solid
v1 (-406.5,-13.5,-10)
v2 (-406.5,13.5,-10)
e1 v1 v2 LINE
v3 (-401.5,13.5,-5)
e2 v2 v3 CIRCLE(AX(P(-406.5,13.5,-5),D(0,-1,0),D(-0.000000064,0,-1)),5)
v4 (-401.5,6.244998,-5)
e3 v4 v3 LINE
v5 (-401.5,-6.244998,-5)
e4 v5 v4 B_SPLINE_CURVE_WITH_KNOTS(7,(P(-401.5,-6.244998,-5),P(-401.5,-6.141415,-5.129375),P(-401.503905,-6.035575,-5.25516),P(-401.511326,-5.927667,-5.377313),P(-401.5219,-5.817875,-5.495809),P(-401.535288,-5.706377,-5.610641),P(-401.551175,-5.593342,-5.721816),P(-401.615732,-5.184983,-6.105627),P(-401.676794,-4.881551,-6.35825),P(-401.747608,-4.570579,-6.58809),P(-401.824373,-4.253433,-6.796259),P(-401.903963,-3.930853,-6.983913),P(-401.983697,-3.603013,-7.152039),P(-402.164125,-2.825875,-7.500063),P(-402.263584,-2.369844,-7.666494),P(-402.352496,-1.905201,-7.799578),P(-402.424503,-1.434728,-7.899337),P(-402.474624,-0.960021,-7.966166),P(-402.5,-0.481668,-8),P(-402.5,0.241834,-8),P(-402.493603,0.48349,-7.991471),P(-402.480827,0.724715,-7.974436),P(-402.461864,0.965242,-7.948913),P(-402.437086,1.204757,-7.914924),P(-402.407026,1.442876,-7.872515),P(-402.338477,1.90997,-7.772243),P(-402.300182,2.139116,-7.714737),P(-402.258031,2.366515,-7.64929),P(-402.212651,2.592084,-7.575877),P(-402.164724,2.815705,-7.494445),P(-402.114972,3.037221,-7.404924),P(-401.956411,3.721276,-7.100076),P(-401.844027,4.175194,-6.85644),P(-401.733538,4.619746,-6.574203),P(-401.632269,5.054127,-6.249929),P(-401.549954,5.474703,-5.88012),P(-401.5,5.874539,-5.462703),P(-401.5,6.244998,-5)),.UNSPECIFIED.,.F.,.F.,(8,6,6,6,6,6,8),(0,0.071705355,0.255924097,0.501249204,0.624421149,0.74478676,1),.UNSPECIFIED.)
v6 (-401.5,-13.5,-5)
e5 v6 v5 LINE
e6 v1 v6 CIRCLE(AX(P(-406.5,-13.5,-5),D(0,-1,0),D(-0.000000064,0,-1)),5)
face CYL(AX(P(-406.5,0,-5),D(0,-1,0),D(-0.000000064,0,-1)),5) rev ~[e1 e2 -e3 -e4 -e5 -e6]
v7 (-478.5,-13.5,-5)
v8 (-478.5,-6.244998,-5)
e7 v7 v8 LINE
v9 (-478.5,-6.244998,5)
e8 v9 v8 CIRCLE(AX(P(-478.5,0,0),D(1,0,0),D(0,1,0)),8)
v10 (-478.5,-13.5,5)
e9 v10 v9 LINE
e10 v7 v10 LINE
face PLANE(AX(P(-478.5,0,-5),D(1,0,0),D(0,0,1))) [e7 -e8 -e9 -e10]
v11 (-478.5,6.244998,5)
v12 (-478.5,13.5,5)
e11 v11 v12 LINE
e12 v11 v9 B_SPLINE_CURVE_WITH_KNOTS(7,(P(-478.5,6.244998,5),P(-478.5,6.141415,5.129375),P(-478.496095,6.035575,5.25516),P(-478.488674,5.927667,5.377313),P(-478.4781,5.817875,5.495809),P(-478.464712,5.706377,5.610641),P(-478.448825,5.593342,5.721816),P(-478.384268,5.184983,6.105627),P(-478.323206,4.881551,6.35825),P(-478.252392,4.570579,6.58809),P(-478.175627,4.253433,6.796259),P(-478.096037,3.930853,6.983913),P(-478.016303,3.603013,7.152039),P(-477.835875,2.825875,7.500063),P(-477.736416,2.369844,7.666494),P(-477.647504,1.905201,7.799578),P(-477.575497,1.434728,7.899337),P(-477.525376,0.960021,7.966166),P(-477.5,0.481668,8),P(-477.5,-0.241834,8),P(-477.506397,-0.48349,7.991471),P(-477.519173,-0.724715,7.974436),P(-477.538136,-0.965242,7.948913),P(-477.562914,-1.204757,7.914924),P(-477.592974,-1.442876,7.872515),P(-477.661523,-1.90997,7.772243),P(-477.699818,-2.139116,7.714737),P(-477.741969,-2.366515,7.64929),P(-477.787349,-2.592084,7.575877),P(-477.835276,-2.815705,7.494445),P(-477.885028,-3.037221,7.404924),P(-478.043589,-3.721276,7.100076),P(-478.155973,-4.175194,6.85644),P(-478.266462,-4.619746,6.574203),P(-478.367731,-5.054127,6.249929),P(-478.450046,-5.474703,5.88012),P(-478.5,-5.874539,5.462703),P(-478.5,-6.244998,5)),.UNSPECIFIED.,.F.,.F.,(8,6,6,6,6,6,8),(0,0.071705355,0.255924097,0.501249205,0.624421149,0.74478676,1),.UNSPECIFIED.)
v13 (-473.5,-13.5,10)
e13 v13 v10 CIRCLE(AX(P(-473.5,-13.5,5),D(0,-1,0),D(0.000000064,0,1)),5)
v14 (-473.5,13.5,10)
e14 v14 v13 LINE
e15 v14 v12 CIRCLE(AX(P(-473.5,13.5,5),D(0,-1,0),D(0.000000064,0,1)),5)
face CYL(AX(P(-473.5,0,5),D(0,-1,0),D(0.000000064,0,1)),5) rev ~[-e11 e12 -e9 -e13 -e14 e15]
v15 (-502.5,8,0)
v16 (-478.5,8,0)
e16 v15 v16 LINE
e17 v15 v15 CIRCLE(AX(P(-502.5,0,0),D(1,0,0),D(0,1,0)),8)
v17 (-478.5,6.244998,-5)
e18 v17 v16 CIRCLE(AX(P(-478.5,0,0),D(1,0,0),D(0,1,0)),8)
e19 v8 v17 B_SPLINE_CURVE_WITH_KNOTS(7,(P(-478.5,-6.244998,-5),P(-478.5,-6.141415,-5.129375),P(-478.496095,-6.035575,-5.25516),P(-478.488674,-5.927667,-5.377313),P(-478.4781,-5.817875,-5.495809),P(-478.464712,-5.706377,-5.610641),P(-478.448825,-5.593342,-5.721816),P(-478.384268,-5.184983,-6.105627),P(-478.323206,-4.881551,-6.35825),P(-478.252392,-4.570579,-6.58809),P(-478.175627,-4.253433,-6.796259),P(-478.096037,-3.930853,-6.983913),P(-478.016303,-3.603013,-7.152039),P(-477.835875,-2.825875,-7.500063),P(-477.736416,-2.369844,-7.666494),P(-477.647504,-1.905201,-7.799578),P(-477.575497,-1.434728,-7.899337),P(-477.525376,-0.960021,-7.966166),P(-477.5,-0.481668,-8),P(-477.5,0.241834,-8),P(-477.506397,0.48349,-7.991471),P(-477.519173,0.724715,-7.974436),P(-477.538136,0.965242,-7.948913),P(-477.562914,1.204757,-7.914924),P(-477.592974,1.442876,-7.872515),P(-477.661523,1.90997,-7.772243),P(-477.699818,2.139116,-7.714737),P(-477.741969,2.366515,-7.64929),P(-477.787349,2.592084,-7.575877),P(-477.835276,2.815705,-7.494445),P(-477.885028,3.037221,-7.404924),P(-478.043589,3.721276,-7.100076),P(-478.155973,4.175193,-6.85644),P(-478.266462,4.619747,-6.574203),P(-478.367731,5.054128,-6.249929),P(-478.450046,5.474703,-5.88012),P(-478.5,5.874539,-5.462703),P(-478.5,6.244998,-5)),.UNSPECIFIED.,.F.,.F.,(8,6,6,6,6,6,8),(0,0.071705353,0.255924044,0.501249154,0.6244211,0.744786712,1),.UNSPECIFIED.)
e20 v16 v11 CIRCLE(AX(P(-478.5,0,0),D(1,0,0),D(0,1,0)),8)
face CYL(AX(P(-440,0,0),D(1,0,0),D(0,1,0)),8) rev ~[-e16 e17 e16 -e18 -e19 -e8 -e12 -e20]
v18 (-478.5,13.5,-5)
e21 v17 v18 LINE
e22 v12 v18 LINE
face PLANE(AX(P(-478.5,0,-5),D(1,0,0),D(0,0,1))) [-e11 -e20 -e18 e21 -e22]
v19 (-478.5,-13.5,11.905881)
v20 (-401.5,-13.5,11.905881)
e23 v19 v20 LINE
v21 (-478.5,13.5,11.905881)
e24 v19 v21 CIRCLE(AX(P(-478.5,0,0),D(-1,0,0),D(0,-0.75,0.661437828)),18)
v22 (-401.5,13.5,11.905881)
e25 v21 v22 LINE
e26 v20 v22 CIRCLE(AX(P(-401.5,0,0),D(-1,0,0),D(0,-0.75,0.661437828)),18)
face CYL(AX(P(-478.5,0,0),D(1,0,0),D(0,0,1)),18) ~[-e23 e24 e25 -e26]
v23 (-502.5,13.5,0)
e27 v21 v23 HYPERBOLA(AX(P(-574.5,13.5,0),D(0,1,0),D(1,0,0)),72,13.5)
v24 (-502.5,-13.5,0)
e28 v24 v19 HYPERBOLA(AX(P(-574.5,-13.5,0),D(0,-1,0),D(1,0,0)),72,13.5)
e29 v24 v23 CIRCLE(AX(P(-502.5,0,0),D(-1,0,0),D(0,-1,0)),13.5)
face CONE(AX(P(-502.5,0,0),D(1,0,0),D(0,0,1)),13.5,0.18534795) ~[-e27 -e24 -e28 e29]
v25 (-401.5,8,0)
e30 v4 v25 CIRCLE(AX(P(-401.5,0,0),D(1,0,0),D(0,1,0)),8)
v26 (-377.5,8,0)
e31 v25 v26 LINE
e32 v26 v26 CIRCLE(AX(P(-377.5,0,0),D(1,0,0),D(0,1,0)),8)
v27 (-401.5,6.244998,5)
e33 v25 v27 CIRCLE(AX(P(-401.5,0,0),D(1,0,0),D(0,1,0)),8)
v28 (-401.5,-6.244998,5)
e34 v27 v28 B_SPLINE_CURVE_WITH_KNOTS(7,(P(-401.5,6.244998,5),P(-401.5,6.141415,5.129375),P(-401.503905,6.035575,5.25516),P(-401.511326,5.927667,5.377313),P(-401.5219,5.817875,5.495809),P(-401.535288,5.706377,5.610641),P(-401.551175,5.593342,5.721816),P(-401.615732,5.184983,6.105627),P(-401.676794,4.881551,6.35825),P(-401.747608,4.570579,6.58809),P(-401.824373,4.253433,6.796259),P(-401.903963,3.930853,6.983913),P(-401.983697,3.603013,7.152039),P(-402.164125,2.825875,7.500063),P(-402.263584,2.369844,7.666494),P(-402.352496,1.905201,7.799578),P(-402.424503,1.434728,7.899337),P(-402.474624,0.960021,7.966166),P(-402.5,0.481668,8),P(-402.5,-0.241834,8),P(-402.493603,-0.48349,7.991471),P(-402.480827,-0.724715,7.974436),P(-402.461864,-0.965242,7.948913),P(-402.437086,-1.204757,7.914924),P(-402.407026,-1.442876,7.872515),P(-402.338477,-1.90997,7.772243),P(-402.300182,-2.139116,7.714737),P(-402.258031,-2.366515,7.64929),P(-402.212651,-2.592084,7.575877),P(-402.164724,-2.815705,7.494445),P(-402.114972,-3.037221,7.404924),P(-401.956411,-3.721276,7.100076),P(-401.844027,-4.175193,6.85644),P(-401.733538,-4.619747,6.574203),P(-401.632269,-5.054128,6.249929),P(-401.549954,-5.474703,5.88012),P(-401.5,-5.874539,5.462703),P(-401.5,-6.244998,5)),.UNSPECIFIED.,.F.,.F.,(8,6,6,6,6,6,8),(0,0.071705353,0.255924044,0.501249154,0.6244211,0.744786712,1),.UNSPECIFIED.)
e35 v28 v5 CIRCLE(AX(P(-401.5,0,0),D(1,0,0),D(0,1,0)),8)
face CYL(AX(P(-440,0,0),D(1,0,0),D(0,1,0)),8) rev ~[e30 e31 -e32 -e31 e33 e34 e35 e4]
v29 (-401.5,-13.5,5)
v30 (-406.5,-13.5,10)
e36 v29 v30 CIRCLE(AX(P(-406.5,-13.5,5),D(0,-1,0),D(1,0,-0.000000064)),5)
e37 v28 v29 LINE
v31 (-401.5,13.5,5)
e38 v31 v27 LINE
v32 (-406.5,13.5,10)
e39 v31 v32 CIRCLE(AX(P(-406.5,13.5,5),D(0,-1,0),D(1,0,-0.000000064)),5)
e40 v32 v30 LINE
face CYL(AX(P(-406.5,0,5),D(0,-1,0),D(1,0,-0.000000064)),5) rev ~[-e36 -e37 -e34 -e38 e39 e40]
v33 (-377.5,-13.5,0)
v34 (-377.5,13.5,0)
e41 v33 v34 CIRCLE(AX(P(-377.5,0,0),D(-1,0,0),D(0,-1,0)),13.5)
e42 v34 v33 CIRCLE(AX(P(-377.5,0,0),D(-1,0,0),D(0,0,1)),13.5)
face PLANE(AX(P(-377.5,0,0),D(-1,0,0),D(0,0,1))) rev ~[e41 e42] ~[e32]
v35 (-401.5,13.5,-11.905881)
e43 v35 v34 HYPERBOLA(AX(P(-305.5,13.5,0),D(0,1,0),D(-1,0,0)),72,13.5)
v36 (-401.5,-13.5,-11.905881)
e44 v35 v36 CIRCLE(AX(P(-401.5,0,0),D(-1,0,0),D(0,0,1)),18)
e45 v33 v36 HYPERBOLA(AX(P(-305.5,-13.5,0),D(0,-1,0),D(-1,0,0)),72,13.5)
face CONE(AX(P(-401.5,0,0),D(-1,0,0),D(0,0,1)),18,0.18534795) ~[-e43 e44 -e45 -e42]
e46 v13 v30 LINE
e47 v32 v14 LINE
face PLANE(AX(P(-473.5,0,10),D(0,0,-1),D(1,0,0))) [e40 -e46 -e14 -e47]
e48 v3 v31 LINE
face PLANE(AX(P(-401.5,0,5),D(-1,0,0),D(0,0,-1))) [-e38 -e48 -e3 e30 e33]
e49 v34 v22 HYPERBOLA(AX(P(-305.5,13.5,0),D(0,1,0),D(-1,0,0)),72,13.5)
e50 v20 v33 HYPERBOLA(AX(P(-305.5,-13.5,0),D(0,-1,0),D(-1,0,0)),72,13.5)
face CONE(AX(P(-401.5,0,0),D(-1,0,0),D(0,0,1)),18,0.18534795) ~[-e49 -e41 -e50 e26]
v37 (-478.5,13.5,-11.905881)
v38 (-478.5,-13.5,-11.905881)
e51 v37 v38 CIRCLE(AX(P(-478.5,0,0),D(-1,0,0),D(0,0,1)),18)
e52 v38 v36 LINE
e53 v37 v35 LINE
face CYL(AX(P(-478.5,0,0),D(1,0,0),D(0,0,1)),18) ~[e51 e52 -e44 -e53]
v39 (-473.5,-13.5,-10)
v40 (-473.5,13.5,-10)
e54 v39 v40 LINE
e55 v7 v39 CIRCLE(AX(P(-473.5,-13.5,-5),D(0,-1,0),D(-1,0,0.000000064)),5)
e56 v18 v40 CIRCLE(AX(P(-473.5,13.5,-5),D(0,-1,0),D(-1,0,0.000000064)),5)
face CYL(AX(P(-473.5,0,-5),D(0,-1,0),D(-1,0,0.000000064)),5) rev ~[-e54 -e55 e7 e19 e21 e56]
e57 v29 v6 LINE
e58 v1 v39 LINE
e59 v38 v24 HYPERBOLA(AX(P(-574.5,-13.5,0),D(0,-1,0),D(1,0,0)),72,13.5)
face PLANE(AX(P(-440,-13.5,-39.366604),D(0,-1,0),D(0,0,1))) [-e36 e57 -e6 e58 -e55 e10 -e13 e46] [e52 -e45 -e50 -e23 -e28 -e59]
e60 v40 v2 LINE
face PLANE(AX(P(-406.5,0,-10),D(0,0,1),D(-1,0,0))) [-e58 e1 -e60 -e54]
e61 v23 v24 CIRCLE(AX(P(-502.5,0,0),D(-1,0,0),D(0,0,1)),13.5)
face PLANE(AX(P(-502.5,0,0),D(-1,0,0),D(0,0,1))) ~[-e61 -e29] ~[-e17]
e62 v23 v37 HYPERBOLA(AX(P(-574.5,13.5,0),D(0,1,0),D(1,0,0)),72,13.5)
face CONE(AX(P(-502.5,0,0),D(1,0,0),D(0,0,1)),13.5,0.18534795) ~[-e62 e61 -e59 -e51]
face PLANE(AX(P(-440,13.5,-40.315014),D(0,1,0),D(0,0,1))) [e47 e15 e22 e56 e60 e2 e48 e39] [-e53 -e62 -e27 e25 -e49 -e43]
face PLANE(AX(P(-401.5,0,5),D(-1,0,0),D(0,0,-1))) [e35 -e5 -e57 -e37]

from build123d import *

# Parameters (mm, degrees)
SKETCH022_R      = 8
EXTRUDE011_DEPTH = 150
EXTRUDE010_DEPTH = 30
SKETCH020_W      = 15
SKETCH020_H      = 79.05159
SKETCH020_H_2    = 80
EXTRUDE009_DEPTH = 150


with BuildPart() as extrude011:
    # Sketch022 → Extrude011 (new body, symmetric)
    with BuildSketch(Plane.YZ):
        Circle(SKETCH022_R)
    extrude(amount=EXTRUDE011_DEPTH, both=True)


with BuildPart() as extrude010:
    # Sketch021 → Extrude010 (new body, symmetric)
    with BuildSketch(Plane.XZ):
        with BuildLine():
            Line((38.5, 5), (38.5, -5))
            ThreePointArc((33.5, -10), (37.035534, -8.535534), (38.5, -5))
            Line((33.5, -10), (-33.5, -10))
            ThreePointArc((-38.5, -5), (-37.035534, -8.535534), (-33.5, -10))
            Line((-38.5, -5), (-38.5, 5))
            ThreePointArc((-33.5, 10), (-37.035534, 8.535534), (-38.5, 5))
            Line((-33.5, 10), (33.5, 10))
            ThreePointArc((38.5, 5), (37.035534, 8.535534), (33.5, 10))
        make_face()
    extrude(amount=EXTRUDE010_DEPTH, both=True)


with BuildPart() as extrude009:
    # Sketch020 → Extrude009 (new body, symmetric)
    with BuildSketch(Plane.YZ):
        with Locations((-21, 0.159191)):
            Rectangle(SKETCH020_W, SKETCH020_H)
        with Locations((21, -0.315014)):
            Rectangle(SKETCH020_W, SKETCH020_H_2)
    extrude(amount=EXTRUDE009_DEPTH, both=True)


with BuildPart() as turnbackle001:
    # Sketch019 → Revolve001 (revolve)
    with BuildSketch(Plane.XZ):
        Polygon((-62.5, 0), (-62.5, 13.5), (-38.5, 18), (38.5, 18), (62.5, 13.5), (62.5, 0), align=None)
    revolve(axis=Axis((-62.5, 0, 0), (-1, 0, 0)))

    # Cut009: cut Extrude009
    add(extrude009.part, mode=Mode.SUBTRACT)

    # Cut010: cut Extrude010
    add(extrude010.part, mode=Mode.SUBTRACT)

    # Cut011: cut Extrude011
    add(extrude011.part, mode=Mode.SUBTRACT)


with BuildPart() as turnbackle001_1:
    # Cut011 placement: moved
    add(turnbackle001.part.moved(Location((-440, 0, 0))))


solid = turnbackle001_1.part
